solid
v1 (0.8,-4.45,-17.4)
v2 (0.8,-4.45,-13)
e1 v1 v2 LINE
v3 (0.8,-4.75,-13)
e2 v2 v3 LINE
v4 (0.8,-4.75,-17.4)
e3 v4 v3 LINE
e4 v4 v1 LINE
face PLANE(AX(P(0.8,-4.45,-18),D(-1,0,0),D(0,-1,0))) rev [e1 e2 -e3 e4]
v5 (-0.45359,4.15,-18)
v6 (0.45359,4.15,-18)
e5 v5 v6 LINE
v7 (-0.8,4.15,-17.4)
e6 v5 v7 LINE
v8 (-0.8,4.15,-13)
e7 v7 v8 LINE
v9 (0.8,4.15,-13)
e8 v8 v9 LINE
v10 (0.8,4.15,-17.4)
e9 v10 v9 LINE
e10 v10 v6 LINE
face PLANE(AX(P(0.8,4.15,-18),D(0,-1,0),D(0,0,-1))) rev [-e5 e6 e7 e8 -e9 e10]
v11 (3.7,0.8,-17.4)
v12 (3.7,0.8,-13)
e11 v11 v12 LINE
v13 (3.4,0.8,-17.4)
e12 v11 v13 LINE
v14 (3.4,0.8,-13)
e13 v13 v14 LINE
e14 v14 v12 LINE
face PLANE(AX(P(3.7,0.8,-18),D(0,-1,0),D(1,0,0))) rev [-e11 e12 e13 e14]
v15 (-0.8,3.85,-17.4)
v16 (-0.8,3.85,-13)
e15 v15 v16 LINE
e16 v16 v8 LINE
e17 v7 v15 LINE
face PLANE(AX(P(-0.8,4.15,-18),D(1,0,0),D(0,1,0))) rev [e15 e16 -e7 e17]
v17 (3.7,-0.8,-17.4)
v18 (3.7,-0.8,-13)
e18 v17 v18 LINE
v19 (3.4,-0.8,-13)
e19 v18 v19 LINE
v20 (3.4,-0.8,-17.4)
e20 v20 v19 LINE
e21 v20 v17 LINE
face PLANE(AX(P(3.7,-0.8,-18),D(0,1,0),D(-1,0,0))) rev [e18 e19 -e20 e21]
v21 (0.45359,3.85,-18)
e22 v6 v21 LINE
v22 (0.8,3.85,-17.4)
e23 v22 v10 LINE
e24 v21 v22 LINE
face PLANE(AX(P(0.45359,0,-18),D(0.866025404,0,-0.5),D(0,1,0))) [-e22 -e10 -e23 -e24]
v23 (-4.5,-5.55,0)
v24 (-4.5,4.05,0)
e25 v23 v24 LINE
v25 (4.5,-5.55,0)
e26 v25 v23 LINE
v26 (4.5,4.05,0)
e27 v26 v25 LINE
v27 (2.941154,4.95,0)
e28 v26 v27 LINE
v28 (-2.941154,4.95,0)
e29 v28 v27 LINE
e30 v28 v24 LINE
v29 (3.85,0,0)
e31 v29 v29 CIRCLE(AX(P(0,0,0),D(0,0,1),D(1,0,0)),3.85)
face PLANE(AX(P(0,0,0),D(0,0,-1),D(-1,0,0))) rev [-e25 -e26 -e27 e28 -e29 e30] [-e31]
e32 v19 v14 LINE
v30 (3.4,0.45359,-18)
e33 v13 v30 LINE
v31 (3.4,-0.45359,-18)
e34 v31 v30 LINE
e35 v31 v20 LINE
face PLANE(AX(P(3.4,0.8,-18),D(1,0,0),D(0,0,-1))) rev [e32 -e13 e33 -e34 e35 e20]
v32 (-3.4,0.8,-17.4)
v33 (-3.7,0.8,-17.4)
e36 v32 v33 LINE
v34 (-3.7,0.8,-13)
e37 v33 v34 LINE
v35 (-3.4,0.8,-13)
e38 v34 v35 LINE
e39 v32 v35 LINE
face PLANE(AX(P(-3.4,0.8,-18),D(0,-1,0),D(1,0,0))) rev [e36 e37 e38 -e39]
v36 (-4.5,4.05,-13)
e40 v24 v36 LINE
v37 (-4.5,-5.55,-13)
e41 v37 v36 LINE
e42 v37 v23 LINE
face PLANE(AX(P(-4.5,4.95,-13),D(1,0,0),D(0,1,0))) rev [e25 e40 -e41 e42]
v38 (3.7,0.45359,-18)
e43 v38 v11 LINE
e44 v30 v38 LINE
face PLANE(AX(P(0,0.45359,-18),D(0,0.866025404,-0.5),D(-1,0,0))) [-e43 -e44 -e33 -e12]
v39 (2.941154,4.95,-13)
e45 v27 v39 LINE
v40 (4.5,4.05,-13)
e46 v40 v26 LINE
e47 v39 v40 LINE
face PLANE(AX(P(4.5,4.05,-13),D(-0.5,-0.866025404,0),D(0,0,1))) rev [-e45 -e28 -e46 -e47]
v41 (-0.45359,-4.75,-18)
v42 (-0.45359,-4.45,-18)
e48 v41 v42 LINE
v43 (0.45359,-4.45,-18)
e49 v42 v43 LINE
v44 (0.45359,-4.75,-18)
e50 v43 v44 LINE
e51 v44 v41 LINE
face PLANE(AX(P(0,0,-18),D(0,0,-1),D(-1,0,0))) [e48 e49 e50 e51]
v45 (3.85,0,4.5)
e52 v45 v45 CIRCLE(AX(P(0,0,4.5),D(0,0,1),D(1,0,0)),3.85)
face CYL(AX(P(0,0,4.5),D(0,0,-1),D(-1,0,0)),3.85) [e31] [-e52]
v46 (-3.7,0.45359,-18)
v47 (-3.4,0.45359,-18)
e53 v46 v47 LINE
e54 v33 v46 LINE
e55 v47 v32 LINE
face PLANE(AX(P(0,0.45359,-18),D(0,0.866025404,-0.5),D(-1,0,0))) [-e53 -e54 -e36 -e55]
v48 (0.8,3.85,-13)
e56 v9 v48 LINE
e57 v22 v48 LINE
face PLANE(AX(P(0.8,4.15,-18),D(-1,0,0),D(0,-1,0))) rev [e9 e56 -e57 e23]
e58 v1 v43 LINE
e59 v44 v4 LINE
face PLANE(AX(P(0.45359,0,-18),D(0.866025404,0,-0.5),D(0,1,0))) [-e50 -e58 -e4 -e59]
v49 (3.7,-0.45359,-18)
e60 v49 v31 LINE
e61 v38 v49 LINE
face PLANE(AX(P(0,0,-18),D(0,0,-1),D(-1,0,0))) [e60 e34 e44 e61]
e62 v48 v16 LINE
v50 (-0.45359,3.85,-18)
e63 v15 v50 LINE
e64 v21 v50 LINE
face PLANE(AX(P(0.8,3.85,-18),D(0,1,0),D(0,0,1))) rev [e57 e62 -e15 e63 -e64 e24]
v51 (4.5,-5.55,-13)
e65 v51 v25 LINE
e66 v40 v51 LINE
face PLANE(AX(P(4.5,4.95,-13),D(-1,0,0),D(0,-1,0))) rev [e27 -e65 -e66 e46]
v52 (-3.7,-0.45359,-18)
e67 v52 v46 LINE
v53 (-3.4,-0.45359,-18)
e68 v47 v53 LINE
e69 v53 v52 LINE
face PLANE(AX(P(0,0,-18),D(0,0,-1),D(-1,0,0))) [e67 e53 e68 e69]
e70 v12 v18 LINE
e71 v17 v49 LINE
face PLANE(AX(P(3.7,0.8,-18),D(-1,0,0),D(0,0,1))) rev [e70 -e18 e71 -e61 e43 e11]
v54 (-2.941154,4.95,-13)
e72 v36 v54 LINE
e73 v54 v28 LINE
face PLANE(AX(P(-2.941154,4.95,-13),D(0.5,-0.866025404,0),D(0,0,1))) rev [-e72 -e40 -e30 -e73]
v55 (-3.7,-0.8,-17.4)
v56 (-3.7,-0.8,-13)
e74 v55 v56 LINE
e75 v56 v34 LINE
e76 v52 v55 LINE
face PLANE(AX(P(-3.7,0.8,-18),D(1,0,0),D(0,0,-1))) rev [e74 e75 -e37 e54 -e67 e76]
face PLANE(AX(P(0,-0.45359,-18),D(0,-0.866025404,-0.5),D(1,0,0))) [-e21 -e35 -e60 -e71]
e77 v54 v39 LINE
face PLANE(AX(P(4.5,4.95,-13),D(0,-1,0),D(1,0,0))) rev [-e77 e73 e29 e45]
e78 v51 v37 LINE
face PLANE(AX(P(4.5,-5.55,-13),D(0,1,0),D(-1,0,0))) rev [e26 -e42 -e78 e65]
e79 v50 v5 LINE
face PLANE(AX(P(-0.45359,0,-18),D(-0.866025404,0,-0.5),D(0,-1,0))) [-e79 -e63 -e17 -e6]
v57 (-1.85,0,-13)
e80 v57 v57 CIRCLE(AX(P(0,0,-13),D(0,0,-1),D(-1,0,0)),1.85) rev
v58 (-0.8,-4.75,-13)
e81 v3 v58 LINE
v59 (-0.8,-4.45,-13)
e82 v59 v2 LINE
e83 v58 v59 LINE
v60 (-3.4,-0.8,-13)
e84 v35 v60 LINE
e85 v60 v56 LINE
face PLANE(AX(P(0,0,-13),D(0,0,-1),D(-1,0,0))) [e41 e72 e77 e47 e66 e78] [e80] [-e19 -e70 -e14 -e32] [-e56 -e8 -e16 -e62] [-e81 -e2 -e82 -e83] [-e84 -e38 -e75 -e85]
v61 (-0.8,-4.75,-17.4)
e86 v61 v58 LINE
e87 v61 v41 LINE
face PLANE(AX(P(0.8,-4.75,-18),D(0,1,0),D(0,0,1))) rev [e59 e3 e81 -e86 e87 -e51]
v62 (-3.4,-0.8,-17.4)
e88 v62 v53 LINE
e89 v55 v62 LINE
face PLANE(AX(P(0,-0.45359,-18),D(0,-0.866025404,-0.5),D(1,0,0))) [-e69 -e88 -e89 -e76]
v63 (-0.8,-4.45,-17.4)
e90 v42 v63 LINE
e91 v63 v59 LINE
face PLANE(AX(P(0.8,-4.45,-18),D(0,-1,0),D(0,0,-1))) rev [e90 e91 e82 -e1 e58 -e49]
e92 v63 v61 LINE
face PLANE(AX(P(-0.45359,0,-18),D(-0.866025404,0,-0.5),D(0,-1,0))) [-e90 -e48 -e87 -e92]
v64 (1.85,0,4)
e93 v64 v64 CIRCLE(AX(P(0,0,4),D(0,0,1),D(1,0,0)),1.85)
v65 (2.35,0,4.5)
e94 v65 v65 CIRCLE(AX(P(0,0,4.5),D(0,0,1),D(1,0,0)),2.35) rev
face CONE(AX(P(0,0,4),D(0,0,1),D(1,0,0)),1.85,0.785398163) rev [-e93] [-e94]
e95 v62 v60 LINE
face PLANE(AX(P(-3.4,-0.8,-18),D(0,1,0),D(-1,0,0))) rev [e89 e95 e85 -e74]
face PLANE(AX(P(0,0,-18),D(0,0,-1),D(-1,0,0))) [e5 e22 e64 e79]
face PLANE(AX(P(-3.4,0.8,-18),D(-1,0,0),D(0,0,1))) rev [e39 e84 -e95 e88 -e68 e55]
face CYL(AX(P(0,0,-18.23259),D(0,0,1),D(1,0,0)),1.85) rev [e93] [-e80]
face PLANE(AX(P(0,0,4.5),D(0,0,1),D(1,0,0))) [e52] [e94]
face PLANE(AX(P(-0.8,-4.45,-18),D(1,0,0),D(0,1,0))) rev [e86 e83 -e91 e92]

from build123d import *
from OCP.BRepFilletAPI import BRepFilletAPI_MakeChamfer

# Parameters (mm, degrees)
SKETCH1_R           = 3.85
BOSS_EXTRUDE1_DEPTH = 4.5
SKETCH2_W           = 9
SKETCH2_H           = 10.5
BOSS_EXTRUDE2_DEPTH = 13
CHAMFER1_SIZE       = 0.9
CHAMFER1_SIZE2      = 1.558845727
SKETCH3_W           = 1.6
SKETCH3_H           = 0.3
SKETCH3_W_2         = 0.3
SKETCH3_H_2         = 1.6
BOSS_EXTRUDE3_DEPTH = 5
CHAMFER2_SIZE       = 0.6
CHAMFER2_SIZE2      = 0.346410162
SKETCH4_R           = 1.85
CUT_EXTRUDE1_DEPTH  = 17.5
CHAMFER3_SIZE       = 0.5


with BuildPart() as part:
    # Sketch1 → Boss-Extrude1 (new body)
    with BuildSketch(Plane.XY):
        Circle(SKETCH1_R)
    extrude(amount=BOSS_EXTRUDE1_DEPTH)

    # Sketch2 → Boss-Extrude2 (add)
    with BuildSketch(Plane(origin=(0, 0, 0), x_dir=(-1, 0, 0), z_dir=(0, 0, -1))):
        with Locations((0, -0.3)):
            Rectangle(SKETCH2_W, SKETCH2_H)
    extrude(amount=BOSS_EXTRUDE2_DEPTH)

    # Chamfer1: one chamfer whose edges measure the first distance from different faces: ONE call of the kernel's chamfer builder (chamfer() names one face for all edges)
    chamfer1_edges_1 = [part.edges().sort_by_distance(p)[0] for p in [
        (-4.5, 4.95, -6.5),
    ]]
    chamfer1_side_1 = [part.faces().sort_by_distance(p)[0] for p in [
        (-4.5, -0.3, -6.5),
    ]]
    chamfer1_edges_2 = [part.edges().sort_by_distance(p)[0] for p in [
        (4.5, 4.95, -6.5),
    ]]
    chamfer1_side_2 = [part.faces().sort_by_distance(p)[0] for p in [
        (4.5, -0.3, -6.5),
    ]]
    chamfer1 = BRepFilletAPI_MakeChamfer(part.part.solid().wrapped)
    for e in chamfer1_edges_1:
        chamfer1.Add(CHAMFER1_SIZE, CHAMFER1_SIZE2, e.wrapped, chamfer1_side_1[0].wrapped)  # the first distance lies on this face
    for e in chamfer1_edges_2:
        chamfer1.Add(CHAMFER1_SIZE, CHAMFER1_SIZE2, e.wrapped, chamfer1_side_2[0].wrapped)  # the first distance lies on this face
    add(Compound.cast(chamfer1.Shape()), mode=Mode.REPLACE)

    # Sketch3 → Boss-Extrude3 (add)
    with BuildSketch(Plane(origin=(0, 0, -13), x_dir=(-1, 0, 0), z_dir=(0, 0, -1))):
        with Locations((0, 4)):
            Rectangle(SKETCH3_W, SKETCH3_H)
        with Locations((3.55, 0)):
            Rectangle(SKETCH3_W_2, SKETCH3_H_2)
        with Locations((-3.55, 0)):
            Rectangle(SKETCH3_W_2, SKETCH3_H_2)
        with Locations((0, -4.6)):
            Rectangle(SKETCH3_W, SKETCH3_H)
    extrude(amount=BOSS_EXTRUDE3_DEPTH)

    # Chamfer2: one chamfer whose edges measure the first distance from different faces: ONE call of the kernel's chamfer builder (chamfer() names one face for all edges)
    chamfer2_edges_1 = [part.edges().sort_by_distance(p)[0] for p in [
        (0.8, 4, -18),
    ]]
    chamfer2_side_1 = [part.faces().sort_by_distance(p)[0] for p in [
        (0.8, 4, -15.5),
    ]]
    chamfer2_edges_2 = [part.edges().sort_by_distance(p)[0] for p in [
        (-0.8, 4, -18),
    ]]
    chamfer2_side_2 = [part.faces().sort_by_distance(p)[0] for p in [
        (-0.8, 4, -15.5),
    ]]
    chamfer2_edges_3 = [part.edges().sort_by_distance(p)[0] for p in [
        (-3.55, -0.8, -18),
    ]]
    chamfer2_side_3 = [part.faces().sort_by_distance(p)[0] for p in [
        (-3.55, -0.8, -15.5),
    ]]
    chamfer2_edges_4 = [part.edges().sort_by_distance(p)[0] for p in [
        (-3.55, 0.8, -18),
    ]]
    chamfer2_side_4 = [part.faces().sort_by_distance(p)[0] for p in [
        (-3.55, 0.8, -15.5),
    ]]
    chamfer2_edges_5 = [part.edges().sort_by_distance(p)[0] for p in [
        (3.55, -0.8, -18),
    ]]
    chamfer2_side_5 = [part.faces().sort_by_distance(p)[0] for p in [
        (3.55, -0.8, -15.5),
    ]]
    chamfer2_edges_6 = [part.edges().sort_by_distance(p)[0] for p in [
        (3.55, 0.8, -18),
    ]]
    chamfer2_side_6 = [part.faces().sort_by_distance(p)[0] for p in [
        (3.55, 0.8, -15.5),
    ]]
    chamfer2_edges_7 = [part.edges().sort_by_distance(p)[0] for p in [
        (0.8, -4.6, -18),
    ]]
    chamfer2_side_7 = [part.faces().sort_by_distance(p)[0] for p in [
        (0.8, -4.6, -15.5),
    ]]
    chamfer2_edges_8 = [part.edges().sort_by_distance(p)[0] for p in [
        (-0.8, -4.6, -18),
    ]]
    chamfer2_side_8 = [part.faces().sort_by_distance(p)[0] for p in [
        (-0.8, -4.6, -15.5),
    ]]
    chamfer2 = BRepFilletAPI_MakeChamfer(part.part.solid().wrapped)
    for e in chamfer2_edges_1:
        chamfer2.Add(CHAMFER2_SIZE, CHAMFER2_SIZE2, e.wrapped, chamfer2_side_1[0].wrapped)  # the first distance lies on this face
    for e in chamfer2_edges_2:
        chamfer2.Add(CHAMFER2_SIZE, CHAMFER2_SIZE2, e.wrapped, chamfer2_side_2[0].wrapped)  # the first distance lies on this face
    for e in chamfer2_edges_3:
        chamfer2.Add(CHAMFER2_SIZE, CHAMFER2_SIZE2, e.wrapped, chamfer2_side_3[0].wrapped)  # the first distance lies on this face
    for e in chamfer2_edges_4:
        chamfer2.Add(CHAMFER2_SIZE, CHAMFER2_SIZE2, e.wrapped, chamfer2_side_4[0].wrapped)  # the first distance lies on this face
    for e in chamfer2_edges_5:
        chamfer2.Add(CHAMFER2_SIZE, CHAMFER2_SIZE2, e.wrapped, chamfer2_side_5[0].wrapped)  # the first distance lies on this face
    for e in chamfer2_edges_6:
        chamfer2.Add(CHAMFER2_SIZE, CHAMFER2_SIZE2, e.wrapped, chamfer2_side_6[0].wrapped)  # the first distance lies on this face
    for e in chamfer2_edges_7:
        chamfer2.Add(CHAMFER2_SIZE, CHAMFER2_SIZE2, e.wrapped, chamfer2_side_7[0].wrapped)  # the first distance lies on this face
    for e in chamfer2_edges_8:
        chamfer2.Add(CHAMFER2_SIZE, CHAMFER2_SIZE2, e.wrapped, chamfer2_side_8[0].wrapped)  # the first distance lies on this face
    add(Compound.cast(chamfer2.Shape()), mode=Mode.REPLACE)

    # Sketch4 → Cut-Extrude1 (cut)
    with BuildSketch(Plane.XY.offset(4.5)):
        Circle(SKETCH4_R)
    extrude(amount=-CUT_EXTRUDE1_DEPTH, mode=Mode.SUBTRACT)

    # Chamfer3
    chamfer3_edges = [part.edges().sort_by_distance(p)[0] for p in [
        (-1.85, 0, 4.5),
    ]]
    chamfer(chamfer3_edges, length=CHAMFER3_SIZE)


solid = part.part
